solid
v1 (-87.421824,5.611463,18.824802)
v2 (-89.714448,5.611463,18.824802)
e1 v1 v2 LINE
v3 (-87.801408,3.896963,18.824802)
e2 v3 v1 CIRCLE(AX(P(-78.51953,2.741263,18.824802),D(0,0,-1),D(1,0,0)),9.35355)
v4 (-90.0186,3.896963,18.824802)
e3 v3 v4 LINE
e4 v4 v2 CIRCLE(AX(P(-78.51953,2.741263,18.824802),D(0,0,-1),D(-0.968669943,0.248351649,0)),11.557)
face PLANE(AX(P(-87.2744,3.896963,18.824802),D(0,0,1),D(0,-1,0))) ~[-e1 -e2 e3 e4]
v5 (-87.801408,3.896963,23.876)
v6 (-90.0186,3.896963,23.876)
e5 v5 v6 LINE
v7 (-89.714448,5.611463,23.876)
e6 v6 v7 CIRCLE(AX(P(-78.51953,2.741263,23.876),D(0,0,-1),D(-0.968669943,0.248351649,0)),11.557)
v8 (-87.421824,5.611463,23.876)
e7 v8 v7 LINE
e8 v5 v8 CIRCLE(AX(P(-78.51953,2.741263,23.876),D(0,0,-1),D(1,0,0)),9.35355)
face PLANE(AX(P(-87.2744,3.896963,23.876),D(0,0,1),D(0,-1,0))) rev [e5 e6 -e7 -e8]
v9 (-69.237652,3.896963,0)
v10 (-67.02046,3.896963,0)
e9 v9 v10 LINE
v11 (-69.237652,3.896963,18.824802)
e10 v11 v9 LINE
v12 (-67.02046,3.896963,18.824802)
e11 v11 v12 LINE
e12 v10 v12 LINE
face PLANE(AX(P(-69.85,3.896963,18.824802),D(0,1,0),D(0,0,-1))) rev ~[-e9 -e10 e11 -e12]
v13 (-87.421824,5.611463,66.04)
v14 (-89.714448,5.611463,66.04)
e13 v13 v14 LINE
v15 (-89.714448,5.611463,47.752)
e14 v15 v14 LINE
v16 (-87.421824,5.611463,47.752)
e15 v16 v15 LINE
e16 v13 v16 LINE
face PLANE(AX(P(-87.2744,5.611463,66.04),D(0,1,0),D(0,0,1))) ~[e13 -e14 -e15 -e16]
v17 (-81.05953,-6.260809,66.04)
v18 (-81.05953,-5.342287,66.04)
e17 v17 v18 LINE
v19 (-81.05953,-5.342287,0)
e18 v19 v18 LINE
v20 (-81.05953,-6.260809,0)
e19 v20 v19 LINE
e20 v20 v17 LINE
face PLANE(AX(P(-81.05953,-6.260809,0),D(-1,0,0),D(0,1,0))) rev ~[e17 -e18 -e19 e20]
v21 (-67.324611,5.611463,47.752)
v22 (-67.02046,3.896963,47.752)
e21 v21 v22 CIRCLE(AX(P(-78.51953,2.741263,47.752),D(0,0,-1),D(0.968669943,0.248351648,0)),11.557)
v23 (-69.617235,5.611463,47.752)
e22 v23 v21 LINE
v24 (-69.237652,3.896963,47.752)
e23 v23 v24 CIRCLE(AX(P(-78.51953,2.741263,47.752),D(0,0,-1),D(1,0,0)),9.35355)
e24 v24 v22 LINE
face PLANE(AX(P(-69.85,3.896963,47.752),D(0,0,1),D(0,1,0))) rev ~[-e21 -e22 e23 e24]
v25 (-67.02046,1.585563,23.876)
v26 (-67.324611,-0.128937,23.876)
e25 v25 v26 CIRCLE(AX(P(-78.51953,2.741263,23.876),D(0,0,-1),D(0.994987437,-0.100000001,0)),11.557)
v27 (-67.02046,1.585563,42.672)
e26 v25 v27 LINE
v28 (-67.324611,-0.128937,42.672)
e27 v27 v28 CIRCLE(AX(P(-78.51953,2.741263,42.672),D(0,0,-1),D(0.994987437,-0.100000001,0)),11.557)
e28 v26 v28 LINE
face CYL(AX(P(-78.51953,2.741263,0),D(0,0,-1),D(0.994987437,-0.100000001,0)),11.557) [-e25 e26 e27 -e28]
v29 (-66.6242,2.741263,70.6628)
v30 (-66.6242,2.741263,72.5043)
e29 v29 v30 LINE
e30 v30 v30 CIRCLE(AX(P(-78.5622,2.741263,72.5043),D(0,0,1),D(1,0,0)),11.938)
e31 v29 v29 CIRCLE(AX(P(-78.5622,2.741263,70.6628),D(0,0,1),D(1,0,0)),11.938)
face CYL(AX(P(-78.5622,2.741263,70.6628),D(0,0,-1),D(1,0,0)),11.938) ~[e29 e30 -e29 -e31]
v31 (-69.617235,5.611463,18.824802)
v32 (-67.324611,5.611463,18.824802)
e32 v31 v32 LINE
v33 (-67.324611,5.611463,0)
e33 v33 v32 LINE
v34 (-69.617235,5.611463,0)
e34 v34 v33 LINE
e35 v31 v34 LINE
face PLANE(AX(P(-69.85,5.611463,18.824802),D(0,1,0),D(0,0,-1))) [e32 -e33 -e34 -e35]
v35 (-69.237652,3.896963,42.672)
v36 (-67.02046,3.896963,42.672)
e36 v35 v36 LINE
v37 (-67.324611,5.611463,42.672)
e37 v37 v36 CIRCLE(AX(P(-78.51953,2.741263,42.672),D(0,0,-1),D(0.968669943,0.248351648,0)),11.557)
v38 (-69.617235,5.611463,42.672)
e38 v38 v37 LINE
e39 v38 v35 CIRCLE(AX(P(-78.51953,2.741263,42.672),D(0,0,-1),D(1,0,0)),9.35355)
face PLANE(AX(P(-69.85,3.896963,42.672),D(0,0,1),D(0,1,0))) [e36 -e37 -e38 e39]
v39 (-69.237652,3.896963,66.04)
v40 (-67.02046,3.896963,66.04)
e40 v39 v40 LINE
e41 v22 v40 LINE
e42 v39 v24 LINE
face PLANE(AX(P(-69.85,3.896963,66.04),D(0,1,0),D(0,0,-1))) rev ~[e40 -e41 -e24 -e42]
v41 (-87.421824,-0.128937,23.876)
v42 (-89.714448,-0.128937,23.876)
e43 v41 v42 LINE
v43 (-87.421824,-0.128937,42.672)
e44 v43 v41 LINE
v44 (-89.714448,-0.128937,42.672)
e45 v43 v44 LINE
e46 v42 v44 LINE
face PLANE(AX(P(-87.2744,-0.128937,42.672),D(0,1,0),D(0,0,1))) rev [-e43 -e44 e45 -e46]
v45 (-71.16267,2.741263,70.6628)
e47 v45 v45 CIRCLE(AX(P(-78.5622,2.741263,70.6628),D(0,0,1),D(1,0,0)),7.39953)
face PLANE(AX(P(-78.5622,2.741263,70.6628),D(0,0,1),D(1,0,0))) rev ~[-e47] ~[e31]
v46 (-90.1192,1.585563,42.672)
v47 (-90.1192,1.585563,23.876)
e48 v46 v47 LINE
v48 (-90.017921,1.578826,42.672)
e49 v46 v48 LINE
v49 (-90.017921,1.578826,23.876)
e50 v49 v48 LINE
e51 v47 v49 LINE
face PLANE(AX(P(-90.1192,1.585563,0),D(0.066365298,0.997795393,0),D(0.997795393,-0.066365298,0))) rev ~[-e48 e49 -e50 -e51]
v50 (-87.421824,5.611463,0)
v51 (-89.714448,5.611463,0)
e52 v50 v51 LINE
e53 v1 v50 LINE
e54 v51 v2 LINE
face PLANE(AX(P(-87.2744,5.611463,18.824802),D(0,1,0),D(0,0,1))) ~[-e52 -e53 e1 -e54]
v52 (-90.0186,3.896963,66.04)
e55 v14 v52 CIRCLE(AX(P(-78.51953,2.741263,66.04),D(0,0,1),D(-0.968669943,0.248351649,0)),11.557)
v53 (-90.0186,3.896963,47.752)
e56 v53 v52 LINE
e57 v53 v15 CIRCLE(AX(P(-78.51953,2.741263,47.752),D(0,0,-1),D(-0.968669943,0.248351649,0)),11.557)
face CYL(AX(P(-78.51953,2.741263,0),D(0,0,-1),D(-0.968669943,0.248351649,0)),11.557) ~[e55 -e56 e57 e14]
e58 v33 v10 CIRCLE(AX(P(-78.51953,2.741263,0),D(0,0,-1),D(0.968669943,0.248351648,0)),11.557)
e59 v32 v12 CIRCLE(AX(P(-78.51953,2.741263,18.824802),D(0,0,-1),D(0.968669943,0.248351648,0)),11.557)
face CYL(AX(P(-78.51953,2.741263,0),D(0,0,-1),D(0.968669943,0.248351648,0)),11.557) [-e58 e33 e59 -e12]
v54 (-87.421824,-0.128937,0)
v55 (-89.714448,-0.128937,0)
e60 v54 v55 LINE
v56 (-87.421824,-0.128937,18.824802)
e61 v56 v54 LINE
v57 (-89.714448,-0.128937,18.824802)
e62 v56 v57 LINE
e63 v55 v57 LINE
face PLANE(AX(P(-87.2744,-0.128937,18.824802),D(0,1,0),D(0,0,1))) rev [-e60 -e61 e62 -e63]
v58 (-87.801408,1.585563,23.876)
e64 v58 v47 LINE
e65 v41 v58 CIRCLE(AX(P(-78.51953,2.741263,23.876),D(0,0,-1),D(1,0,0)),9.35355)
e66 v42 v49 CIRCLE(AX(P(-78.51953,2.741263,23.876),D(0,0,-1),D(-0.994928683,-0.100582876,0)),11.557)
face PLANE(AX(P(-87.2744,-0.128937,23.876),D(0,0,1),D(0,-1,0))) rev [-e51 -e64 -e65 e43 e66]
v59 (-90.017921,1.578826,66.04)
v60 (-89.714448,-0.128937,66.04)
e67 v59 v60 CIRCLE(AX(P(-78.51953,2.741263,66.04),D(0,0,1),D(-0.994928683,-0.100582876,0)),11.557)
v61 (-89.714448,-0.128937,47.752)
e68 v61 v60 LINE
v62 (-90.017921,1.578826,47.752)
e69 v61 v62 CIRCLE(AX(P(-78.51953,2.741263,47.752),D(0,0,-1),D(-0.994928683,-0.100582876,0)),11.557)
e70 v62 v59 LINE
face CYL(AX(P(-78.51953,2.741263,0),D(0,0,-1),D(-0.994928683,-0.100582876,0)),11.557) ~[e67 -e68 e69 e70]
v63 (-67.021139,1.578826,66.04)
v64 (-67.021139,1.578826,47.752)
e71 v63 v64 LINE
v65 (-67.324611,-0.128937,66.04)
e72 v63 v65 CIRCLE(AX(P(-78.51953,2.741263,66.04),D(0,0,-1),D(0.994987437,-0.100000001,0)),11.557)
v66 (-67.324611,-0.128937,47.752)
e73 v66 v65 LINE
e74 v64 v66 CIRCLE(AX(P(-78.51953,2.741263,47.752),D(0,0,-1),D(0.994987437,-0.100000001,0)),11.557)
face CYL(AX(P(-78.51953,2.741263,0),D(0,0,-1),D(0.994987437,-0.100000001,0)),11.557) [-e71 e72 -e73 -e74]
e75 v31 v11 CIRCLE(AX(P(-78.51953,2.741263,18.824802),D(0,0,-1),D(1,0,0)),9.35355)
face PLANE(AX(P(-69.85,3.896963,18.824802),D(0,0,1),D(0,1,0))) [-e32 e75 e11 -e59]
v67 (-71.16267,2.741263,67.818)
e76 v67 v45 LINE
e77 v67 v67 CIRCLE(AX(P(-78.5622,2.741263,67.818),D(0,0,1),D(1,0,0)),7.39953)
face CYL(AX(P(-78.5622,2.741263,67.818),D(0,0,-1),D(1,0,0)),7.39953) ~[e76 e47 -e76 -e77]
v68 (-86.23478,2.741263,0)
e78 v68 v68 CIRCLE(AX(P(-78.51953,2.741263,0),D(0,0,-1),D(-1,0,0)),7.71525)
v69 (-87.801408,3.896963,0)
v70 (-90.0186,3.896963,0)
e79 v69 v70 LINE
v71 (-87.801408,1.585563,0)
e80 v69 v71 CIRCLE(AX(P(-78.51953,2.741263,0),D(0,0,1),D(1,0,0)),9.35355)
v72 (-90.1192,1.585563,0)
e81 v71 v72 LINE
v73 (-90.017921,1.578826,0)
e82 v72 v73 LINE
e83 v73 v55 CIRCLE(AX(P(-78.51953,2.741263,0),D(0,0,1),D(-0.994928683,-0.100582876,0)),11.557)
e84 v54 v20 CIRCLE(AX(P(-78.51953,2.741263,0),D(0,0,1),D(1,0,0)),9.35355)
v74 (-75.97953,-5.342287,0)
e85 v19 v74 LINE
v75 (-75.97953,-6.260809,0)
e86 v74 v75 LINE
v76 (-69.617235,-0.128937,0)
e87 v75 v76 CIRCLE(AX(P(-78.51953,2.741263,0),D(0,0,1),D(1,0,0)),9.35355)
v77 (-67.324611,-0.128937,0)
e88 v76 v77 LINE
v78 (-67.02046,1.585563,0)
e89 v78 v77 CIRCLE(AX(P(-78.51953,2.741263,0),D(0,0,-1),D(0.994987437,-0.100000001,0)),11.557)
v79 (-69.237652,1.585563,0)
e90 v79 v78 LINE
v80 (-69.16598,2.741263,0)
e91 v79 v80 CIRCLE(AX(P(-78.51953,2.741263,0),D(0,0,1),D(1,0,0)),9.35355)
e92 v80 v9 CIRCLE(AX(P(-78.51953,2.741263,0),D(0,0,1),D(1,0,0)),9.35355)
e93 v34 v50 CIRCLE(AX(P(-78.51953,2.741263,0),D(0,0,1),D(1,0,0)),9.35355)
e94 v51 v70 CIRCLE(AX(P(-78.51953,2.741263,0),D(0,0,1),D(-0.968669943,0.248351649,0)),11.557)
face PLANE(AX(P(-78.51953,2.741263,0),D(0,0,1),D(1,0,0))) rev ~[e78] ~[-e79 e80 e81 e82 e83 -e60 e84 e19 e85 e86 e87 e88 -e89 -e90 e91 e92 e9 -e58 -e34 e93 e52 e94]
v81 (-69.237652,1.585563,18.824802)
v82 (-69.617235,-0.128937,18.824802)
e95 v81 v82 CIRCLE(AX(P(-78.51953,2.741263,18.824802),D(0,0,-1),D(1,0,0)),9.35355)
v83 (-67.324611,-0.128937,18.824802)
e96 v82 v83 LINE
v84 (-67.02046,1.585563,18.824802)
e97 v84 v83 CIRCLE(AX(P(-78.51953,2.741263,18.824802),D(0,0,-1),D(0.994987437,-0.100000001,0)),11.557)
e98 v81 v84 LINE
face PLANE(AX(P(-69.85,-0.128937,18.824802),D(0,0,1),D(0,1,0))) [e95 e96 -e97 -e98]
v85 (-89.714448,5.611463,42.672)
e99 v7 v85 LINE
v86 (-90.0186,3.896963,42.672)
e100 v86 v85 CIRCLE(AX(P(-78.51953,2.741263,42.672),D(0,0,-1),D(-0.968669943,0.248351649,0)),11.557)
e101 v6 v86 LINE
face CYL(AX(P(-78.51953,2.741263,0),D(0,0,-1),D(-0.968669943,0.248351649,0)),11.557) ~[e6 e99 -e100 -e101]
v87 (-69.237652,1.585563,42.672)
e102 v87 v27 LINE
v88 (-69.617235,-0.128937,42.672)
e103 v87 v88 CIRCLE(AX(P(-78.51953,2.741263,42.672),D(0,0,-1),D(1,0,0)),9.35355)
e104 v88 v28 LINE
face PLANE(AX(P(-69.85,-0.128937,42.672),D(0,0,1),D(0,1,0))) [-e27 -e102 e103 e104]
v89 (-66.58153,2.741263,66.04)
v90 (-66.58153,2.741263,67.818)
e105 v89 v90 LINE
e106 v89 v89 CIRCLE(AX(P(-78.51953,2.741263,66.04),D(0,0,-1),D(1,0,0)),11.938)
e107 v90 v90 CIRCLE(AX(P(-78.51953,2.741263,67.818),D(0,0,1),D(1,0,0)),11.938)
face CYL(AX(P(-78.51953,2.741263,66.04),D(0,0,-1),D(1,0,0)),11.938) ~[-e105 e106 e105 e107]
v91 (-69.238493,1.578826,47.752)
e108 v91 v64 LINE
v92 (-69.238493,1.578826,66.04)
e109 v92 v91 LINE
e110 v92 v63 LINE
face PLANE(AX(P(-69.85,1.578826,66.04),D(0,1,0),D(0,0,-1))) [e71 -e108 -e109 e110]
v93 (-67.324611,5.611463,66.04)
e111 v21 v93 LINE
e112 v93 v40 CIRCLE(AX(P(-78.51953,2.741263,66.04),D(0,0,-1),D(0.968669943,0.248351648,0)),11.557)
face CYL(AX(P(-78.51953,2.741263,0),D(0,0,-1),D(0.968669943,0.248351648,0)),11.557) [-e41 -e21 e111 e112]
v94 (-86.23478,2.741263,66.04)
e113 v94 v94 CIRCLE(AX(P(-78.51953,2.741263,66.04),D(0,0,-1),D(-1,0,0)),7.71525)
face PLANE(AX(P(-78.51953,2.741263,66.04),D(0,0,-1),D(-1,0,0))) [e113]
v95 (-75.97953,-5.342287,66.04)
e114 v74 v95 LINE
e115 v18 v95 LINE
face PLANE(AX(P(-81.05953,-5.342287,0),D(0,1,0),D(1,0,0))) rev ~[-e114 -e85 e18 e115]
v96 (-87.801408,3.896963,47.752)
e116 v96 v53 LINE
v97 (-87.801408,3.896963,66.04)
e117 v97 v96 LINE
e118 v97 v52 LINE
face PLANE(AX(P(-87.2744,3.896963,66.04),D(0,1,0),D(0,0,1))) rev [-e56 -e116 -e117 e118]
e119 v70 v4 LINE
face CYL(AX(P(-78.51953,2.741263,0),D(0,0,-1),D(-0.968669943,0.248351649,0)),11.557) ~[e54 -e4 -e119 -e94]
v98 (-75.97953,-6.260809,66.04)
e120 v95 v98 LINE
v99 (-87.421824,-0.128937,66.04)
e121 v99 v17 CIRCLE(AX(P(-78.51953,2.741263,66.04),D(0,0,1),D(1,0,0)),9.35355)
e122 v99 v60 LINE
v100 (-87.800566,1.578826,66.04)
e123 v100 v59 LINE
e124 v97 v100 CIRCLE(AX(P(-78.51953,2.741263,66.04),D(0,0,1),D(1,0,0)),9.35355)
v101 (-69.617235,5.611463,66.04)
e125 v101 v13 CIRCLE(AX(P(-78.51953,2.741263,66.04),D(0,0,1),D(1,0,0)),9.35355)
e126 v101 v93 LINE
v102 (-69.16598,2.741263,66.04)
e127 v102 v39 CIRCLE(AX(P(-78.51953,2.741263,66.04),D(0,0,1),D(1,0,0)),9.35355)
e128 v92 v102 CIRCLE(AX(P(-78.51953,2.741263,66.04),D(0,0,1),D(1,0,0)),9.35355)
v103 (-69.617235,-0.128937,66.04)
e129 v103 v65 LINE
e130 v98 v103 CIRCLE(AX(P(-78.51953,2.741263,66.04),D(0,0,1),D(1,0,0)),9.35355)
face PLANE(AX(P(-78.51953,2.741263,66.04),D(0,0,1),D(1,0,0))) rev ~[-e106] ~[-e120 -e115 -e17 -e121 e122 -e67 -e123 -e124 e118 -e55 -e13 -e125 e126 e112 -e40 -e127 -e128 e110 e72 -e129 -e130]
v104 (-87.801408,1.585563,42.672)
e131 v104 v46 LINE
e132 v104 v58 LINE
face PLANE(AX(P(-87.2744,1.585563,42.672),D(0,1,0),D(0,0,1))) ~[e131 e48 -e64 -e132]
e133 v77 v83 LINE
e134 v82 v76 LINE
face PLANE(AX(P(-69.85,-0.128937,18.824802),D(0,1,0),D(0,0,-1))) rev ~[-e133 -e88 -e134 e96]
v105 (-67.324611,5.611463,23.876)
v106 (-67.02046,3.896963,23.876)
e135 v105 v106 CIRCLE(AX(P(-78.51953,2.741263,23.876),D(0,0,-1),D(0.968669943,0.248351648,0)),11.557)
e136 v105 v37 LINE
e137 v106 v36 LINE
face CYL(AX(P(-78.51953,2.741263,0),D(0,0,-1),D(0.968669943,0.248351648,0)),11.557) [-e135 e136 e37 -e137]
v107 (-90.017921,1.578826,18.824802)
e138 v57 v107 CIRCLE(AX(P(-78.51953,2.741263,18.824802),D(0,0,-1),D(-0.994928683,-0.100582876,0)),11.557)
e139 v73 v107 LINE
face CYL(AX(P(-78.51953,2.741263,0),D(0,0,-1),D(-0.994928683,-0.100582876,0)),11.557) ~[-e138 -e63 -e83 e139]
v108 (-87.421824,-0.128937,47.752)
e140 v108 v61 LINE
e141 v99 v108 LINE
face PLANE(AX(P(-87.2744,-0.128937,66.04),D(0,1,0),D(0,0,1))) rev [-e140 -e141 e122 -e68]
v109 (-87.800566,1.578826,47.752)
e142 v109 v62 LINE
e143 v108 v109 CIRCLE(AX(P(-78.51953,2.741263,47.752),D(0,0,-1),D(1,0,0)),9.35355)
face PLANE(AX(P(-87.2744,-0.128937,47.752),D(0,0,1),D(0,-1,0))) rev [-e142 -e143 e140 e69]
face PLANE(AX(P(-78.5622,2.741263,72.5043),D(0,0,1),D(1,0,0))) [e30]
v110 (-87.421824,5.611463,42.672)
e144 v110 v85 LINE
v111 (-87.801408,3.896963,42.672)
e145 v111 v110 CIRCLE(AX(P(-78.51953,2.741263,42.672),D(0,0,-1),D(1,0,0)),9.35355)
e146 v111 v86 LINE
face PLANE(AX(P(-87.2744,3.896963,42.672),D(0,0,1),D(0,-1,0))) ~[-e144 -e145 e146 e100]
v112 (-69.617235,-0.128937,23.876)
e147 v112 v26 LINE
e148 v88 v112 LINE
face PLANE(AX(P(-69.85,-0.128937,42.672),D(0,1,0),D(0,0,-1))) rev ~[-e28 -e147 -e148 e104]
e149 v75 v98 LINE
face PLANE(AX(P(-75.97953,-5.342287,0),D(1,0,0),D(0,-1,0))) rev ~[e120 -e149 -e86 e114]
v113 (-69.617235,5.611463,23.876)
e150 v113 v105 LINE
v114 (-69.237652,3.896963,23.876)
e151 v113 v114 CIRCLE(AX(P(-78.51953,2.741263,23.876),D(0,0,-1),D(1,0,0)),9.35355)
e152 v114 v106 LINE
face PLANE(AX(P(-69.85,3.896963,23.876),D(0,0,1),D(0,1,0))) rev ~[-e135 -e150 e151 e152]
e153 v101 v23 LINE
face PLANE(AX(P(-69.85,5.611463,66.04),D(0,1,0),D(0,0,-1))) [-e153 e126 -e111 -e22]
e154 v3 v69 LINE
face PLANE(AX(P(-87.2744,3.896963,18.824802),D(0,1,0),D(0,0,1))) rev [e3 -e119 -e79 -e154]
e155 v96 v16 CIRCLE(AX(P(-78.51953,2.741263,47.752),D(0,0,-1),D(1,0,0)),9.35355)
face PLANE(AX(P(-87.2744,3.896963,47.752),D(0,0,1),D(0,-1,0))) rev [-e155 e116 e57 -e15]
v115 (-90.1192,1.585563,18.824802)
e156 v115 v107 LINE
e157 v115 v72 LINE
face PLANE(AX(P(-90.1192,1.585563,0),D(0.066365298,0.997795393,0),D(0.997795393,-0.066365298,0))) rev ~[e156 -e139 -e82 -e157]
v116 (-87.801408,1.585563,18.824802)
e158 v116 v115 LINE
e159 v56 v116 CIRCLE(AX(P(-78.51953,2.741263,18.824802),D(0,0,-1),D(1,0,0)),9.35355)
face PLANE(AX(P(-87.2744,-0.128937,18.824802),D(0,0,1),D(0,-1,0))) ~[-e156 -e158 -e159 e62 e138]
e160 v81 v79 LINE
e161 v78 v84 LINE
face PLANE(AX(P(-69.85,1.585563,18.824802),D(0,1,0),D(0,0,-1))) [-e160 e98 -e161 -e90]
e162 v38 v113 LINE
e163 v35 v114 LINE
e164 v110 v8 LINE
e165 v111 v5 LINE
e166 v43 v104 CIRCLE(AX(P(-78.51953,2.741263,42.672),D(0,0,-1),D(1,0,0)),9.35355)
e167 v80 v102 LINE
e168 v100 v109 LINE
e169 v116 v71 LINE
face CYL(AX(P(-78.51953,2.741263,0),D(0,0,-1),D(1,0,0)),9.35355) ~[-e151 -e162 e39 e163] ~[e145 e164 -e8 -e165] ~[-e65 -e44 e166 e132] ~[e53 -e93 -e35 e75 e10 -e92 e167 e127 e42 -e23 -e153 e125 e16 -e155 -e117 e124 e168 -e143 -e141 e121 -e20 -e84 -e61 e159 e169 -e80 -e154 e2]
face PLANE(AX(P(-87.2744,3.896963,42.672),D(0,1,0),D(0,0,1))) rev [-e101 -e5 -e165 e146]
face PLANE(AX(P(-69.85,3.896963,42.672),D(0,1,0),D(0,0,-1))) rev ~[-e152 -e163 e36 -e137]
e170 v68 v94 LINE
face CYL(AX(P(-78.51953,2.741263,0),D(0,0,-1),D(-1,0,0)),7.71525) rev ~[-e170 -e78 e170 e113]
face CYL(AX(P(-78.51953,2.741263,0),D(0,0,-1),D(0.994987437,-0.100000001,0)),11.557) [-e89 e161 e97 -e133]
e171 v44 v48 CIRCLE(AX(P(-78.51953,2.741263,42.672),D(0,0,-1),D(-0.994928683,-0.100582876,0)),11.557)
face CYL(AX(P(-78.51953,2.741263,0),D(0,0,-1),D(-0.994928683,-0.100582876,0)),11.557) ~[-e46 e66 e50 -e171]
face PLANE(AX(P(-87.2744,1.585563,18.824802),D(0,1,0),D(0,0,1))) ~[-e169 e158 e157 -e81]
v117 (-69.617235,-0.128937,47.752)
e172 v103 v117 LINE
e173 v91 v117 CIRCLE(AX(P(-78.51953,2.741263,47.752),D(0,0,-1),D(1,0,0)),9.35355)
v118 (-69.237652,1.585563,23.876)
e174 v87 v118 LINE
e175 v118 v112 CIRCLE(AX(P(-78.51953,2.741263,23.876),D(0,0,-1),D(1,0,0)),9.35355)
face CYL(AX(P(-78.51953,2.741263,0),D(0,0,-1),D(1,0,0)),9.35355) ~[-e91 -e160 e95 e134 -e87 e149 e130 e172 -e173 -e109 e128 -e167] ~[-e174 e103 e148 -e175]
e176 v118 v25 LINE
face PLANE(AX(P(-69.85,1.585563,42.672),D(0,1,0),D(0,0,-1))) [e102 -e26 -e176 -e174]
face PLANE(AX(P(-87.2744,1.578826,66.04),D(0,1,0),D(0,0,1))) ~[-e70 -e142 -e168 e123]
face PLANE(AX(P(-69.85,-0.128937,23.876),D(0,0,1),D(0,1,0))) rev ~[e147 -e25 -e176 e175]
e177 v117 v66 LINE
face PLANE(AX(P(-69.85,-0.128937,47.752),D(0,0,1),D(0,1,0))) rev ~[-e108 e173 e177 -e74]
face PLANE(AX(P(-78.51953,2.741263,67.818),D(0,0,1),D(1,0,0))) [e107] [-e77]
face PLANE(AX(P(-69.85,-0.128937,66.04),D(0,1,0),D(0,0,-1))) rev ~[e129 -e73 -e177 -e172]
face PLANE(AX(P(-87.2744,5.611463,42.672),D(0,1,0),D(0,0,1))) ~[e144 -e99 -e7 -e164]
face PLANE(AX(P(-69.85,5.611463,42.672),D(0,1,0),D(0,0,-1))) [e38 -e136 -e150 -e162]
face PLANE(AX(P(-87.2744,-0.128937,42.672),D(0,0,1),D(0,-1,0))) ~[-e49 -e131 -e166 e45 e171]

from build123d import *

# Parameters (mm, degrees)
SKETCH1_R           = 9.35355
BOSS_EXTRUDE1_DEPTH = 66.04
SKETCH7_R           = 11.938
BOSS_EXTRUDE4_DEPTH = 1.778
SKETCH14_R          = 7.71525
CUT_EXTRUDE1_DEPTH  = 66.04
SKETCH12_W          = 18.288
SKETCH12_H          = 1.7145
SKETCH12_H_2        = 1.707763716
SKETCH12_W_2        = 18.824802472
SKETCH12_W_3        = 18.796
BOSS_EXTRUDE5_DEPTH = 2.8448
CUT_EXTRUDE2_DEPTH  = 66.04
SKETCH21_R          = 7.399529871
BOSS_EXTRUDE7_DEPTH = 2.8448
SKETCH22_R          = 11.938
BOSS_EXTRUDE8_DEPTH = 1.8415
CUT_EXTRUDE3_DEPTH  = 66.04


with BuildPart() as part:
    # Sketch1 → Boss-Extrude1 (new body)
    with BuildSketch(Plane.XY):
        with Locations((-78.519529871, 2.741262574)):
            Circle(SKETCH1_R)
    extrude(amount=BOSS_EXTRUDE1_DEPTH)

    # Sketch7 → Boss-Extrude4 (add)
    with BuildSketch(Plane.XY.offset(66.04)):
        with Locations((-78.519529871, 2.741262574)):
            Circle(SKETCH7_R)
    extrude(amount=BOSS_EXTRUDE4_DEPTH)

    # Sketch14 → Cut-Extrude1 (cut)
    with BuildSketch(Plane(origin=(0, 0, 0), x_dir=(-1, 0, 0), z_dir=(0, 0, -1))):
        with Locations((78.519529871, 2.741262574)):
            Circle(SKETCH14_R)
    extrude(amount=-CUT_EXTRUDE1_DEPTH, mode=Mode.SUBTRACT)

    # Sketch12 → Boss-Extrude5 (add)
    with BuildSketch(Plane(origin=(-69.85, 0, 0), x_dir=(0, 0, -1), z_dir=(1, 0, 0))):
        with Locations((-56.896, 4.754212574)):
            Rectangle(SKETCH12_W, SKETCH12_H)
        with Locations((-56.896, 0.724944432)):
            Rectangle(SKETCH12_W, SKETCH12_H_2)
        with Locations((-9.412401236, 0.728312574)):
            Rectangle(SKETCH12_W_2, SKETCH12_H)
        with Locations((-9.412401236, 4.754212574)):
            Rectangle(SKETCH12_W_2, SKETCH12_H)
        with Locations((-33.274, 0.728312574)):
            Rectangle(SKETCH12_W_3, SKETCH12_H)
        with Locations((-33.274, 4.754212574)):
            Rectangle(SKETCH12_W_3, SKETCH12_H)
    boss_extrude5 = extrude(amount=BOSS_EXTRUDE5_DEPTH)

    # Mirror2: Boss-Extrude5 across plane
    add(boss_extrude5.mirror(Plane(origin=(-78.5622, 0, 0), x_dir=(0, 0, 1), z_dir=(1, 0, 0))))

    # Sketch19 → Cut-Extrude2 (cut)
    with BuildSketch(Plane(origin=(0, 0, 0), x_dir=(-1, 0, 0), z_dir=(0, 0, -1))):
        with BuildLine():
            Line((67.02046006, 3.896962574), (67.0052, 3.896962574))
            Line((67.0052, 3.896962574), (67.0052, 5.611462574))
            Line((67.0052, 5.611462574), (67.324611338, 5.611462574))
            ThreePointArc((67.324611338, 5.611462574), (67.140199737, 4.759948955), (67.02046006, 3.896962574))
        make_face()
        with BuildLine():
            Line((67.0052, 1.585562574), (67.02046006, 1.585562574))
            ThreePointArc((67.02046006, 1.585562574), (67.140199737, 0.722576194), (67.324611338, -0.128937426))
            Line((67.324611338, -0.128937426), (67.0052, -0.128937426))
            Line((67.0052, -0.128937426), (67.0052, 1.585562574))
        make_face()
        with BuildLine():
            Line((90.1192, 5.611462574), (89.714448404, 5.611462574))
            ThreePointArc((89.714448404, 5.611462574), (89.898860005, 4.759948955), (90.018599681, 3.896962574))
            Line((90.018599681, 3.896962574), (90.1192, 3.896962574))
            Line((90.1192, 3.896962574), (90.1192, 5.611462574))
        make_face()
        with BuildLine():
            Line((89.714448404, -0.128937426), (90.1192, -0.128937426))
            Line((90.1192, -0.128937426), (90.1192, 1.585562574))
            Line((90.1192, 1.585562574), (90.017920666, 1.57882629))
            ThreePointArc((90.017920666, 1.57882629), (89.898268214, 0.719243113), (89.714448404, -0.128937426))
        make_face()
    extrude(amount=-CUT_EXTRUDE2_DEPTH, mode=Mode.SUBTRACT)

    # Sketch21 → Boss-Extrude7 (add)
    with BuildSketch(Plane.XY.offset(67.818)):
        with Locations((-78.5622, 2.741262574)):
            Circle(SKETCH21_R)
    extrude(amount=BOSS_EXTRUDE7_DEPTH)

    # Sketch22 → Boss-Extrude8 (add)
    with BuildSketch(Plane.XY.offset(70.6628)):
        with Locations((-78.5622, 2.741262574)):
            Circle(SKETCH22_R)
    extrude(amount=BOSS_EXTRUDE8_DEPTH)

    # Sketch17 → Cut-Extrude3 (cut)
    with BuildSketch(Plane(origin=(0, 0, 0), x_dir=(-1, 0, 0), z_dir=(0, 0, -1))):
        with BuildLine():
            Line((75.979529871, -5.342287426), (75.979529871, -6.260809276))
            ThreePointArc((75.979529871, -6.260809276), (78.519529871, -6.612287426), (81.059529871, -6.260809276))
            Line((81.059529871, -6.260809276), (81.059529871, -5.342287426))
            Line((81.059529871, -5.342287426), (75.979529871, -5.342287426))
        make_face()
    extrude(amount=-CUT_EXTRUDE3_DEPTH, mode=Mode.SUBTRACT)


solid = part.part
